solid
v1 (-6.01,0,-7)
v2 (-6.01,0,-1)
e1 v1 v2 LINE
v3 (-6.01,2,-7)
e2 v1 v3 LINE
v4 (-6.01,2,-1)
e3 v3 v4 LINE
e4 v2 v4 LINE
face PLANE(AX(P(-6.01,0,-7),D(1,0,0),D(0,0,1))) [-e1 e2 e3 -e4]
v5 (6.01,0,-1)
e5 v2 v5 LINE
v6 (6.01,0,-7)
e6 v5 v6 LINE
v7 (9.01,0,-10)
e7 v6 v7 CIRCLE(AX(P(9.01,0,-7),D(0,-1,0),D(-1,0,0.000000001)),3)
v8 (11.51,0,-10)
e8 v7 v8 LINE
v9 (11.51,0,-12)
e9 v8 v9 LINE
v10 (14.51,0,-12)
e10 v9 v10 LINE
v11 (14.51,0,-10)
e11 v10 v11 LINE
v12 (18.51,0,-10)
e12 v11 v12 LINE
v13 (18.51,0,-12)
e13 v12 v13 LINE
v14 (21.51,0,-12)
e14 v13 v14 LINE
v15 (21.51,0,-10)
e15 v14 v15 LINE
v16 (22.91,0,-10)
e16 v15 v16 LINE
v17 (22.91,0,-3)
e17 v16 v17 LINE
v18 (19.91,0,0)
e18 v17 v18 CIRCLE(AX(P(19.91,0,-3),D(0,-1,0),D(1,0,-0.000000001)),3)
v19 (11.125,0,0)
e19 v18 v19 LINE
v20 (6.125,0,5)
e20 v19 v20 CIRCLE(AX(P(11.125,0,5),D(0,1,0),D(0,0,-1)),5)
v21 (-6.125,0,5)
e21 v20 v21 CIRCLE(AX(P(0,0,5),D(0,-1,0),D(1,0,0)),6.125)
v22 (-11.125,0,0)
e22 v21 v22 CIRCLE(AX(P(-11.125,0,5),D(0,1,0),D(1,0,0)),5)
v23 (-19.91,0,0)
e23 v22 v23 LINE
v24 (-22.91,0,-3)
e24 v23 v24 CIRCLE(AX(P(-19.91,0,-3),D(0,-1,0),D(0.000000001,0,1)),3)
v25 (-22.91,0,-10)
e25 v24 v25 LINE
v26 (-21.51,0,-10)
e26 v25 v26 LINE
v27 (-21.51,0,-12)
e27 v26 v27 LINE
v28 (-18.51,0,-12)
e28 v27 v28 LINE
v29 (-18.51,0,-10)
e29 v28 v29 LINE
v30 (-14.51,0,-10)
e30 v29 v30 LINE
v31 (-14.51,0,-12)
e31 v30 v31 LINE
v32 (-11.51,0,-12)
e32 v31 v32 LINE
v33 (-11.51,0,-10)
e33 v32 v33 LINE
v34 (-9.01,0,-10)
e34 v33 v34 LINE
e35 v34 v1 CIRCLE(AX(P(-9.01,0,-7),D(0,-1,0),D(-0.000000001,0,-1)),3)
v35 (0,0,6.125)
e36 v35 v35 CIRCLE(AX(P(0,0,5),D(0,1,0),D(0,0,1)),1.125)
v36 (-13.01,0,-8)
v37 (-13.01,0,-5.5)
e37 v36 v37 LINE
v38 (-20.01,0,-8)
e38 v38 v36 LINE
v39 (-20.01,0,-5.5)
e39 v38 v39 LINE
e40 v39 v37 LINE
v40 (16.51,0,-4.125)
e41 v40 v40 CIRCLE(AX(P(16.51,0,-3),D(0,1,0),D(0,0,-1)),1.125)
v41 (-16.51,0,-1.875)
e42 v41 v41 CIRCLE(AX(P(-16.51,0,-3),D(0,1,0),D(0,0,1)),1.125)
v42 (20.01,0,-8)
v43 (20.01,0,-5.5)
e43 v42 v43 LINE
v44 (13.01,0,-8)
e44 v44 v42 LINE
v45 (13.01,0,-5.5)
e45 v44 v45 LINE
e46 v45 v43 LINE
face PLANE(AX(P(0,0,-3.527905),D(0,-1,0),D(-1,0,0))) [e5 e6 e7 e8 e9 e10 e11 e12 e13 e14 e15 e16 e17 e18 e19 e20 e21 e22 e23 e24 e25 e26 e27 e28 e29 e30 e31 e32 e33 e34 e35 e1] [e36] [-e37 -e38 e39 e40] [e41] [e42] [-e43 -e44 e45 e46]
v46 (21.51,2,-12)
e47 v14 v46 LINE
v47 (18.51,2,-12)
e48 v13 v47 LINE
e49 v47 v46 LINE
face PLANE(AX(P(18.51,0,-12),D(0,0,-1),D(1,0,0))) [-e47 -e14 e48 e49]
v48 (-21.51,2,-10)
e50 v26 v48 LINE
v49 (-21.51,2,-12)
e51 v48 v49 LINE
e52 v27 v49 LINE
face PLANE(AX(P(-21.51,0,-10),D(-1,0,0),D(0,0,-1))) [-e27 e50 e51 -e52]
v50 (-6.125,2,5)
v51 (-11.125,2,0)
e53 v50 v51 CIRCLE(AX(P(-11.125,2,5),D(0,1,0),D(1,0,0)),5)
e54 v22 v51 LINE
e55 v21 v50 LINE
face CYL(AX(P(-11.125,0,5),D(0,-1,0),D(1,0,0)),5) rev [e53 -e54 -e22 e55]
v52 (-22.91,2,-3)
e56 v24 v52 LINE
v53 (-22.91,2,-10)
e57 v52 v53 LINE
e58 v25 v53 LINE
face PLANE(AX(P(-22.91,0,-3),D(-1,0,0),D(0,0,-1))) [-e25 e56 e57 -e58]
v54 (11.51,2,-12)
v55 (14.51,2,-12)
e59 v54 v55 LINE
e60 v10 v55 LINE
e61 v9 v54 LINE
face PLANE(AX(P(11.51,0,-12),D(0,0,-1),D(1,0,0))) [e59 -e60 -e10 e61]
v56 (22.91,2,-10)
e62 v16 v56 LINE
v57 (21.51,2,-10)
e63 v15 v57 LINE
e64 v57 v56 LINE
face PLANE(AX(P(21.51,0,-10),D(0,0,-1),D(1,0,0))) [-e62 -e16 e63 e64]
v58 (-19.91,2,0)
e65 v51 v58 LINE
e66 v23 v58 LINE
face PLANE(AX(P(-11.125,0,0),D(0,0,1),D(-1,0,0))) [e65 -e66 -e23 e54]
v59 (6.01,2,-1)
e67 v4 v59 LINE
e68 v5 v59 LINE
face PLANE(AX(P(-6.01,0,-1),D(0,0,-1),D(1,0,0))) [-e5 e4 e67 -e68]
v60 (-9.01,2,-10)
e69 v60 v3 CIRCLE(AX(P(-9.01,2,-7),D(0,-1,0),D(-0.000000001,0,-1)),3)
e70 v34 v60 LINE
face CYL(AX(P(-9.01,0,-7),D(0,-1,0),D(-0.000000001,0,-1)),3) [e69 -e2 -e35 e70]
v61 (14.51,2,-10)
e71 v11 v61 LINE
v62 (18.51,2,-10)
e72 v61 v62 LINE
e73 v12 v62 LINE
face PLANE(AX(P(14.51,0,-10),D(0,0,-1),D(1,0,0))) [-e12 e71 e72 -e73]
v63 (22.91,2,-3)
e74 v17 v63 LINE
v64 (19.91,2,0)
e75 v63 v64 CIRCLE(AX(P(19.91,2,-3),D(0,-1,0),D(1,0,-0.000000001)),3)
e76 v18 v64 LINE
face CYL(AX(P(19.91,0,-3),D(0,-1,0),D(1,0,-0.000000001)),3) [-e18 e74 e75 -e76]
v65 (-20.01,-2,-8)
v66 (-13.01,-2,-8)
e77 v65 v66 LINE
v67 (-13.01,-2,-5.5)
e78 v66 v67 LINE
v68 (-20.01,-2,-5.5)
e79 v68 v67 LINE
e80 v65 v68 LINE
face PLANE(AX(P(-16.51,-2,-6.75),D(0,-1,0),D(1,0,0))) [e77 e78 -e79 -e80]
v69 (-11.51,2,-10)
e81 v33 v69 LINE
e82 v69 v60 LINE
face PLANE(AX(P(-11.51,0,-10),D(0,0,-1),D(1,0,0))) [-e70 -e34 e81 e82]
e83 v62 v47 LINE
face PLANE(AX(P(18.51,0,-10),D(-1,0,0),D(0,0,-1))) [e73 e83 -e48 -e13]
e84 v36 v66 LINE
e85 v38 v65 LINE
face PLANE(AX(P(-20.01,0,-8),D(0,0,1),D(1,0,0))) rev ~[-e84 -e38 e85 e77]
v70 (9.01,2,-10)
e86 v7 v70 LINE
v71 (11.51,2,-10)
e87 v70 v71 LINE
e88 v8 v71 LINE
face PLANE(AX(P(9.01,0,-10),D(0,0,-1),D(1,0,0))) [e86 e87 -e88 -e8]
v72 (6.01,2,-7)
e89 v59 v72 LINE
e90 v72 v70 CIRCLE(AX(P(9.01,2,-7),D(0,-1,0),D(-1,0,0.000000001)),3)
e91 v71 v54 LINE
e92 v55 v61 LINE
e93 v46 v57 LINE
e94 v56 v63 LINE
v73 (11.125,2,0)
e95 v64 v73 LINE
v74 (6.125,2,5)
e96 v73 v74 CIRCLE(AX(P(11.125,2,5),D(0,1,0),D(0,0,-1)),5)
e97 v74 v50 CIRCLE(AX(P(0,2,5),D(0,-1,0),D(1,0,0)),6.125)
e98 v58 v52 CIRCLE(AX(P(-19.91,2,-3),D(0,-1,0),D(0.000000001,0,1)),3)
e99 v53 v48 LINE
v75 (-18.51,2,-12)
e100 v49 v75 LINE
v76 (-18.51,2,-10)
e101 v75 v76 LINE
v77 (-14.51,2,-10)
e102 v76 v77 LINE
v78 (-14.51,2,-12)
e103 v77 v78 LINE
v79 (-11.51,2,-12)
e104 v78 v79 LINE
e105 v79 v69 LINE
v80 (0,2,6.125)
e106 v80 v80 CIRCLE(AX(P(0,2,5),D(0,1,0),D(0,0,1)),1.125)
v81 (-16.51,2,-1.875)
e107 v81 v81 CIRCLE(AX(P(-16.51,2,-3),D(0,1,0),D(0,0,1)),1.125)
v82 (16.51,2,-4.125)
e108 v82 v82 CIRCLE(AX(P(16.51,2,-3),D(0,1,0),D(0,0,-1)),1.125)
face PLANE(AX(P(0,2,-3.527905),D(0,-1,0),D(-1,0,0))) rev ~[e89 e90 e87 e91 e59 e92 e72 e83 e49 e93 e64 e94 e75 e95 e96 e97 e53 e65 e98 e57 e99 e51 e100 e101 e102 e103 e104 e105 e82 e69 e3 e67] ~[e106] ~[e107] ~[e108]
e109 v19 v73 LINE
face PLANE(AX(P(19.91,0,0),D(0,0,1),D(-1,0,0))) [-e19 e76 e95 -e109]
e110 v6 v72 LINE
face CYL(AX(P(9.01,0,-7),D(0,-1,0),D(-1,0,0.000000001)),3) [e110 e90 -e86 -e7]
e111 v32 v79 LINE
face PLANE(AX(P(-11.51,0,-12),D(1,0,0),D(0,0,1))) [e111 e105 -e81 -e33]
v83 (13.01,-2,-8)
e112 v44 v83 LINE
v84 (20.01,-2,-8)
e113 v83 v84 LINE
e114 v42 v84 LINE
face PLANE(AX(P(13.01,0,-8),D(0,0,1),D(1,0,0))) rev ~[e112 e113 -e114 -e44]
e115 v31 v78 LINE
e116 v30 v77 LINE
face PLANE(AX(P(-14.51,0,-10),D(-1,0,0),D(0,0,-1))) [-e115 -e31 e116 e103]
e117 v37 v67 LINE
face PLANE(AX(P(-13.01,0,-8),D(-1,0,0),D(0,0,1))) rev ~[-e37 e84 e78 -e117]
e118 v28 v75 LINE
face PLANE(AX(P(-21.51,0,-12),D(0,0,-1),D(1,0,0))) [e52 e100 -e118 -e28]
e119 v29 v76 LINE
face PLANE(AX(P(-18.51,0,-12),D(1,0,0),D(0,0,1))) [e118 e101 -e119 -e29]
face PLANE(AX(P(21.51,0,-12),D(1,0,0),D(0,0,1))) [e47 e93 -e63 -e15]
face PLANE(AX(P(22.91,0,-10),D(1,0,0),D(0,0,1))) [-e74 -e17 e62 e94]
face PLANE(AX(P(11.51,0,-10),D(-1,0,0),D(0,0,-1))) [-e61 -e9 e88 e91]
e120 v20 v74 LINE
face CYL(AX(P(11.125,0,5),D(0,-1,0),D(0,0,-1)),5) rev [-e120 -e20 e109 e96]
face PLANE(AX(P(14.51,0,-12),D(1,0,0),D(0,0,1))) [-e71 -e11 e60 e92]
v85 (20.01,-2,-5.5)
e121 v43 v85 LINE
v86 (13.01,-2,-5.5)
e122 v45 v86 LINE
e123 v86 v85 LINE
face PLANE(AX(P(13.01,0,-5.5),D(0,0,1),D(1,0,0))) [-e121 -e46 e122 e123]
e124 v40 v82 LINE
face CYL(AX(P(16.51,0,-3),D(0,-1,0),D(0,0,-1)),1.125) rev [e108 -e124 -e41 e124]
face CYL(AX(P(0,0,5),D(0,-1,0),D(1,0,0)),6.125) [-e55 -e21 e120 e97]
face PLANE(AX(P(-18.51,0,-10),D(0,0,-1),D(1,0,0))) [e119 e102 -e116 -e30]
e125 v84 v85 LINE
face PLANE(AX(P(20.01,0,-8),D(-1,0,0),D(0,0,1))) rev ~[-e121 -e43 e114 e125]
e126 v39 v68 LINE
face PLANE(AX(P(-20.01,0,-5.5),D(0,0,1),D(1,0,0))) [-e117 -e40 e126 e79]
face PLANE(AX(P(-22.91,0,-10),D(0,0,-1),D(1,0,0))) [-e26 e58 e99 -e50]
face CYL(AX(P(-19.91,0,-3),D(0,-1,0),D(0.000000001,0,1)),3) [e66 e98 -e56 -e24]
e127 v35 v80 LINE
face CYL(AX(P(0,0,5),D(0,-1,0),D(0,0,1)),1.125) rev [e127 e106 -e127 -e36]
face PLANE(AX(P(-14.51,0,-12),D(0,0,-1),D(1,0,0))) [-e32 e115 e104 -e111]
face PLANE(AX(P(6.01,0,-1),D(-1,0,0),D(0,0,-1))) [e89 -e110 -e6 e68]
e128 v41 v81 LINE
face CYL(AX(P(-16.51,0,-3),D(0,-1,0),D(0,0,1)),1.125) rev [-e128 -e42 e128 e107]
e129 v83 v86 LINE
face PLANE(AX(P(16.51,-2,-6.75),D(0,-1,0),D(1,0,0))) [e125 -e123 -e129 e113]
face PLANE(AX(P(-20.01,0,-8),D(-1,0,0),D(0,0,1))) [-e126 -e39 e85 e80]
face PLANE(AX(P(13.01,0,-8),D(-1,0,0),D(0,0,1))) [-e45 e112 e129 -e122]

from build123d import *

# Parameters (mm, degrees)
CROQUIS1_R              = 1.125
SALIENTE_EXTRUIR1_DEPTH = 2
CROQUIS3_W              = 7
CROQUIS3_H              = 2.5
SALIENTE_EXTRUIR2_DEPTH = 2


with BuildPart() as part:
    # Croquis1 → Saliente-Extruir1 (new body)
    with BuildSketch(Plane(origin=(0, 0, 0), x_dir=(1, 0, 0), z_dir=(0, 1, 0))):
        with BuildLine():
            Line((19.91, 0), (11.125, 0))
            ThreePointArc((11.125, 0), (7.589466094, -1.464466094), (6.125, -5))
            ThreePointArc((6.125, -5), (0, -11.125), (-6.125, -5))
            ThreePointArc((-6.125, -5), (-7.589466094, -1.464466094), (-11.125, 0))
            Line((-11.125, 0), (-19.91, 0))
            ThreePointArc((-19.91, 0), (-22.031320344, 0.878679656), (-22.91, 3))
            Line((-22.91, 3), (-22.91, 10))
            Line((-22.91, 10), (-21.51, 10))
            Line((-21.51, 10), (-21.51, 12))
            Line((-21.51, 12), (-18.51, 12))
            Line((-18.51, 12), (-18.51, 10))
            Line((-18.51, 10), (-14.51, 10))
            Line((-14.51, 10), (-14.51, 12))
            Line((-14.51, 12), (-11.51, 12))
            Line((-11.51, 12), (-11.51, 10))
            Line((-11.51, 10), (-9.01, 10))
            ThreePointArc((-9.01, 10), (-6.888679656, 9.121320344), (-6.01, 7))
            Line((-6.01, 7), (-6.01, 1))
            Line((-6.01, 1), (6.01, 1))
            Line((6.01, 1), (6.01, 7))
            ThreePointArc((6.01, 7), (6.888679656, 9.121320344), (9.01, 10))
            Line((9.01, 10), (11.51, 10))
            Line((11.51, 10), (11.51, 12))
            Line((11.51, 12), (14.51, 12))
            Line((14.51, 12), (14.51, 10))
            Line((14.51, 10), (18.51, 10))
            Line((18.51, 10), (18.51, 12))
            Line((18.51, 12), (21.51, 12))
            Line((21.51, 12), (21.51, 10))
            Line((21.51, 10), (22.91, 10))
            Line((22.91, 10), (22.91, 3))
            ThreePointArc((22.91, 3), (22.031320344, 0.878679656), (19.91, 0))
        make_face()
        with Locations(Location((-16.51, 3, 0), (0, 0, 270))):
            Circle(CROQUIS1_R, mode=Mode.SUBTRACT)
        with Locations(Location((16.51, 3, 0), (0, 0, 90))):
            Circle(CROQUIS1_R, mode=Mode.SUBTRACT)
        with Locations(Location((0, -5, 0), (0, 0, 270))):
            Circle(CROQUIS1_R, mode=Mode.SUBTRACT)
    extrude(amount=SALIENTE_EXTRUIR1_DEPTH)

    # Croquis3 → Saliente-Extruir2 (add)
    with BuildSketch(Plane.XZ):
        with Locations((-16.51, -6.75)):
            Rectangle(CROQUIS3_W, CROQUIS3_H)
        with Locations((16.51, -6.75)):
            Rectangle(CROQUIS3_W, CROQUIS3_H)
    extrude(amount=SALIENTE_EXTRUIR2_DEPTH)


solid = part.part
